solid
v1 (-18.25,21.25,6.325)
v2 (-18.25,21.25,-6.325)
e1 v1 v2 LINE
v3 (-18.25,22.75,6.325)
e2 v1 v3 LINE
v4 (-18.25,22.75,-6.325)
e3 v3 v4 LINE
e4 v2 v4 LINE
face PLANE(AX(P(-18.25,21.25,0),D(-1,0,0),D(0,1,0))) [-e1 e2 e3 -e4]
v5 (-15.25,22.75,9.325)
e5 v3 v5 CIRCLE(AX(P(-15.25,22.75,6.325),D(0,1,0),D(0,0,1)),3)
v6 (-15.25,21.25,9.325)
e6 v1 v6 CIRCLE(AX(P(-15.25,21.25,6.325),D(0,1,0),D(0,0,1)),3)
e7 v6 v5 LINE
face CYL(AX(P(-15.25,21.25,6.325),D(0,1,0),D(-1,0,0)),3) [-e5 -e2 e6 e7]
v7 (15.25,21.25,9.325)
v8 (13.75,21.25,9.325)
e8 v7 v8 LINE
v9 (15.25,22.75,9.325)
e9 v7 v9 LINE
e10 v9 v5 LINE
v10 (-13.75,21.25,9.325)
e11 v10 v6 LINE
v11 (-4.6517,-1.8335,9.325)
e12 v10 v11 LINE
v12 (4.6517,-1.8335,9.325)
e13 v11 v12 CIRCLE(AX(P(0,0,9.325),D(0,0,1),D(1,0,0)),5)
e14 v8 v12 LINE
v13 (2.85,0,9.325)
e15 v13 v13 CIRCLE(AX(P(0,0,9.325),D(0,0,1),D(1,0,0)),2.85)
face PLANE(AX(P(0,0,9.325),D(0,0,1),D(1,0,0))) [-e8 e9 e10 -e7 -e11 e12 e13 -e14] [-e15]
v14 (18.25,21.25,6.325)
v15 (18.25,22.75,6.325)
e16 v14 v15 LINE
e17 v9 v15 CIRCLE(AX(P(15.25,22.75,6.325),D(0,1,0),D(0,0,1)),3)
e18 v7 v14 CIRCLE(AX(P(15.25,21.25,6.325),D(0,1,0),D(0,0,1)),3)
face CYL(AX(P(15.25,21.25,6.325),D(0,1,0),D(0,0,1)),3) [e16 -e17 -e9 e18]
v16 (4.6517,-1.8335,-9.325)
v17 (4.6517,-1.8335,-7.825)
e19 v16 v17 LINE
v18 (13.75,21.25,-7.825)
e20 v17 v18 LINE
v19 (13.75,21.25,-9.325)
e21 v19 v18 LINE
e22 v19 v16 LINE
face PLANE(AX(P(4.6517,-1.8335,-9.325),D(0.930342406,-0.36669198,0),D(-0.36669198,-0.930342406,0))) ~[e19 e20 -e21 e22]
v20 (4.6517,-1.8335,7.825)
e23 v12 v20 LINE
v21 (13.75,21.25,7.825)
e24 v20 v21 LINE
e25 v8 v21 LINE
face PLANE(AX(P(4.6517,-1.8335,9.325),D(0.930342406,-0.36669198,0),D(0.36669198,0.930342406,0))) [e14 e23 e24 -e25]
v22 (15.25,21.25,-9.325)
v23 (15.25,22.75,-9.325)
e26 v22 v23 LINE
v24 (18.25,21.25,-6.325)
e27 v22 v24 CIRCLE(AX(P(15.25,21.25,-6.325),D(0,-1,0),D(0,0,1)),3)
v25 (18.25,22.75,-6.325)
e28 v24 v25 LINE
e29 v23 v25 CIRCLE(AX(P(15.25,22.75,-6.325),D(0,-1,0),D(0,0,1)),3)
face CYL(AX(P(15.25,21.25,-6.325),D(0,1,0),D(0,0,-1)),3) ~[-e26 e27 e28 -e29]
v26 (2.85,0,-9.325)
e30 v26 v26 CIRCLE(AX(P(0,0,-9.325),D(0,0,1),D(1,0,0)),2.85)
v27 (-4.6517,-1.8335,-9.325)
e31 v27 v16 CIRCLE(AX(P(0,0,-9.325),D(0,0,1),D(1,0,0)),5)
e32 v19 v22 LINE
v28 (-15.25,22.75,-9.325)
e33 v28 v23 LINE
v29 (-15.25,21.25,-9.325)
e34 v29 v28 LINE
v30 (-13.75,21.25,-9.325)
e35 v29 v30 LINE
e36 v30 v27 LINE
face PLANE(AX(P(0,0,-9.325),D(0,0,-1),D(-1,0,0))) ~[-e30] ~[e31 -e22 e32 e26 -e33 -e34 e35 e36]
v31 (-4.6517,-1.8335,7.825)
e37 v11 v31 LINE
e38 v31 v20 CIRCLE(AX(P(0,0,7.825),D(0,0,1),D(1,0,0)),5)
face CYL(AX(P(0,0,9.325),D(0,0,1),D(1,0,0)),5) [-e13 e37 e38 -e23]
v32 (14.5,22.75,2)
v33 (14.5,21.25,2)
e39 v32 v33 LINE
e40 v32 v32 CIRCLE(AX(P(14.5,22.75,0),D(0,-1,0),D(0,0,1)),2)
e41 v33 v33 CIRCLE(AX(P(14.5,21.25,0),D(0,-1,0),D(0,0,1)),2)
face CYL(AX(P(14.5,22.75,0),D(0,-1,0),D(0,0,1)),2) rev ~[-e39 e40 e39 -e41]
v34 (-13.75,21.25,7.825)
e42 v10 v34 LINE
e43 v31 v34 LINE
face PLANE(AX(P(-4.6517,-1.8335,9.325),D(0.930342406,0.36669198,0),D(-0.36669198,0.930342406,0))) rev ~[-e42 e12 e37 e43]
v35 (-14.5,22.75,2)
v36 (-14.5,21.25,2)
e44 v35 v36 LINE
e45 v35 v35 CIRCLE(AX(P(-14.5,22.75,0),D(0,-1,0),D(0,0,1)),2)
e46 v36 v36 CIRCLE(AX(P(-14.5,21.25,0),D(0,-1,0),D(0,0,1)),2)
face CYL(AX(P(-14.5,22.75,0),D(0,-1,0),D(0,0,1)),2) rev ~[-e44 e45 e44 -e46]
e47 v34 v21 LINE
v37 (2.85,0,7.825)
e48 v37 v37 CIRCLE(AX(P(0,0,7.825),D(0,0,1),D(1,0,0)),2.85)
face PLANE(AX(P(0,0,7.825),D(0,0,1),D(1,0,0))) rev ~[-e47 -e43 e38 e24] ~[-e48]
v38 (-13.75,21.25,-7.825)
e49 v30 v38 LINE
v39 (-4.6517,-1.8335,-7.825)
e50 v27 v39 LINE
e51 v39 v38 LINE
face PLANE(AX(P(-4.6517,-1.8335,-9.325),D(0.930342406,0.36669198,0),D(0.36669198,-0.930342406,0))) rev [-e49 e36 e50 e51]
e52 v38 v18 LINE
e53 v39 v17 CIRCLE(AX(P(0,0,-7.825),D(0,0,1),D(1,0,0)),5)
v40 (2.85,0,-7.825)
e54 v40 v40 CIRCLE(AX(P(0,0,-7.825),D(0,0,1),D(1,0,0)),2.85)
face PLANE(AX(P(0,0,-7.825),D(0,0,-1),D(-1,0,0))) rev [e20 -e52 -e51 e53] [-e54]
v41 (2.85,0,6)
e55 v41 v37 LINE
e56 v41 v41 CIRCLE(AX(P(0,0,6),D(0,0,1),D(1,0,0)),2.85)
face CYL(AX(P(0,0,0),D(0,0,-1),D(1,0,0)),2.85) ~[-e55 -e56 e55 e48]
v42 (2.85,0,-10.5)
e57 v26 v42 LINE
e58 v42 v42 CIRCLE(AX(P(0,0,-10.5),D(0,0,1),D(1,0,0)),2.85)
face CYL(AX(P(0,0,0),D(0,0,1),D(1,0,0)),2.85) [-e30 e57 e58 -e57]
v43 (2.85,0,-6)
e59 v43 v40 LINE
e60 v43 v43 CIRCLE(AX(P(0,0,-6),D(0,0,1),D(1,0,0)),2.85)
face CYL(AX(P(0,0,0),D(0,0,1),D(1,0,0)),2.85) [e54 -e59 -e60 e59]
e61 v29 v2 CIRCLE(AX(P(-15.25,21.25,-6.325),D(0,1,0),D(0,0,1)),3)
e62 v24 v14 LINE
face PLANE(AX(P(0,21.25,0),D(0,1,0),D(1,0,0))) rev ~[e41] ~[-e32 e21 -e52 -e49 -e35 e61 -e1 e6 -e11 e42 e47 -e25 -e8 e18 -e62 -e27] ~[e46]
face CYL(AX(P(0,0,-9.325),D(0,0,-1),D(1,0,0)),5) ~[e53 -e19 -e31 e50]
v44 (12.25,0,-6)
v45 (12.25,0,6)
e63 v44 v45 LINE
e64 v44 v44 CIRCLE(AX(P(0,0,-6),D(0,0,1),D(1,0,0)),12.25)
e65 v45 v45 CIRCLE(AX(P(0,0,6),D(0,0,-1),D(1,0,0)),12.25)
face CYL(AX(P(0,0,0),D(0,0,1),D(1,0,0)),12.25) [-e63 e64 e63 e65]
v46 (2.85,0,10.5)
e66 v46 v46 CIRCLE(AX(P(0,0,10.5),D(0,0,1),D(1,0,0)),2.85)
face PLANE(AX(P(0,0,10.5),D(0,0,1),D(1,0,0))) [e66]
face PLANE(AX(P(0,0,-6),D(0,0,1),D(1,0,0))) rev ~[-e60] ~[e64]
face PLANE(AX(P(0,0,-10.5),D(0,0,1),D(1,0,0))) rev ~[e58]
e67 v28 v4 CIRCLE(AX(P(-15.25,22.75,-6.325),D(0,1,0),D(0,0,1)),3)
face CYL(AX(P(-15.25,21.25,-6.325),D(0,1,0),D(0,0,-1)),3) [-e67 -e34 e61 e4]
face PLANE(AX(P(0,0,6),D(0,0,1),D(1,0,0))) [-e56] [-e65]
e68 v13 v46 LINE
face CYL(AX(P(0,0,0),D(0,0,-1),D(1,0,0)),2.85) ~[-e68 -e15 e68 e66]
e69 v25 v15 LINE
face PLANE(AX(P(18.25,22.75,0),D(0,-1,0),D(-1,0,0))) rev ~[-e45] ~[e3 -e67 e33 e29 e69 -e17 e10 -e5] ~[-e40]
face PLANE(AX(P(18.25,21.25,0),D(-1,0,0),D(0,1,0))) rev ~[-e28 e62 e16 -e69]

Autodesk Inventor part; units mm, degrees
ref_plane "YZ Plane" through (0, 0, 0) normal (1, 0, 0) x (0, 1, 0)
ref_plane "XZ Plane" through (0, 0, 0) normal (0, 1, 0) x (-1, 0, 0)
ref_plane "XY Plane" through (0, 0, 0) normal (0, 0, 1) x (1, 0, 0)
sketch "スケッチ1" plane through (0, 0, 0) normal (0, 0, 1) x (1, 0, 0)
  circle A0 centre (0, 0) radius 12.25
  circle A1 centre (0, 0) radius 2.85
  circle A2 centre (0, 0) radius 5
  line L0 (4.6517, -1.8335) -> (13.75, 21.25)
  line L1 (0, 0) -> (0, -12.25) construction
  line L2 (0, 21.25) -> (18.25, 21.25)
  line L3 (18.25, 21.25) -> (18.25, 22.75)
  line L4 (18.25, 22.75) -> (0, 22.75)
  line L5 (0, 22.75) -> (0, 21.25)
  line L6 (-4.6517, -1.8335) -> (-13.75, 21.25)
  line L7 (0, 21.25) -> (-18.25, 21.25)
  line L8 (-18.25, 21.25) -> (-18.25, 22.75)
  line L9 (-18.25, 22.75) -> (0, 22.75)
  dimension "d0" = 24.5
  dimension "d2" = 10
  dimension "d1" = 5.7
  dimension "d4" = 1.5
  dimension "d5" = 4.5
  dimension "d6" = 35
  dimension "d7" = 18.25
extrude "押し出し1" add sketch "スケッチ1" along normal mid plane 12 contours A0 L6 A2 L0 | L0 A2 L6 A0 | A2
extrude "押し出し2" add sketch "スケッチ1" along normal mid plane 21 contours A1
extrude "押し出し3" add sketch "スケッチ1" along normal mid plane 18.65 contours L2 L5 L4 L3 | L7 L8 L9 L5
extrude "押し出し4" add sketch "スケッチ1" against normal blind 1.5 from surface at 9.325 contours L0 A2 L6 A0 | A0 L6 L7 L2 L0 | A2 picked at (-6.2807, 7.4899)
mirror "ミラー1" about plane through (0, 0, 0) normal (0, 0, 1) of "押し出し4"
sketch "スケッチ2" plane through (-18.25, 22.75, -9.325) normal (0, 1, 0) x (1, 0, 0)
  line L0 (36.5, 0) -> (36.5, -18.65) projected
  line L1 (0, 0) -> (36.5, 0) projected
  line L2 (0, -18.65) -> (0, 0) projected
  line L3 (36.5, -18.65) -> (0, -18.65) projected
  line L4 (0, -9.325) -> (36.5, -9.325)
  line L5 (18.25, 0) -> (18.25, -18.65)
  point P0 (18.25, -9.325)
  point P1 (32.75, -9.325)
  point P2 (3.75, -9.325)
  dimension "d25" = 29
hole "穴1" at (14.5, 22.75, 0) at (-14.5, 22.75, 0) direction (0, -1, 0) diameter 4 end through all
fillet "フィレット1" radius 3 4 edges at (-18.25, 22, -9.325) (-18.25, 22, 9.325) (18.25, 22, 9.325) (18.25, 22, -9.325)
properties part number "caster"
